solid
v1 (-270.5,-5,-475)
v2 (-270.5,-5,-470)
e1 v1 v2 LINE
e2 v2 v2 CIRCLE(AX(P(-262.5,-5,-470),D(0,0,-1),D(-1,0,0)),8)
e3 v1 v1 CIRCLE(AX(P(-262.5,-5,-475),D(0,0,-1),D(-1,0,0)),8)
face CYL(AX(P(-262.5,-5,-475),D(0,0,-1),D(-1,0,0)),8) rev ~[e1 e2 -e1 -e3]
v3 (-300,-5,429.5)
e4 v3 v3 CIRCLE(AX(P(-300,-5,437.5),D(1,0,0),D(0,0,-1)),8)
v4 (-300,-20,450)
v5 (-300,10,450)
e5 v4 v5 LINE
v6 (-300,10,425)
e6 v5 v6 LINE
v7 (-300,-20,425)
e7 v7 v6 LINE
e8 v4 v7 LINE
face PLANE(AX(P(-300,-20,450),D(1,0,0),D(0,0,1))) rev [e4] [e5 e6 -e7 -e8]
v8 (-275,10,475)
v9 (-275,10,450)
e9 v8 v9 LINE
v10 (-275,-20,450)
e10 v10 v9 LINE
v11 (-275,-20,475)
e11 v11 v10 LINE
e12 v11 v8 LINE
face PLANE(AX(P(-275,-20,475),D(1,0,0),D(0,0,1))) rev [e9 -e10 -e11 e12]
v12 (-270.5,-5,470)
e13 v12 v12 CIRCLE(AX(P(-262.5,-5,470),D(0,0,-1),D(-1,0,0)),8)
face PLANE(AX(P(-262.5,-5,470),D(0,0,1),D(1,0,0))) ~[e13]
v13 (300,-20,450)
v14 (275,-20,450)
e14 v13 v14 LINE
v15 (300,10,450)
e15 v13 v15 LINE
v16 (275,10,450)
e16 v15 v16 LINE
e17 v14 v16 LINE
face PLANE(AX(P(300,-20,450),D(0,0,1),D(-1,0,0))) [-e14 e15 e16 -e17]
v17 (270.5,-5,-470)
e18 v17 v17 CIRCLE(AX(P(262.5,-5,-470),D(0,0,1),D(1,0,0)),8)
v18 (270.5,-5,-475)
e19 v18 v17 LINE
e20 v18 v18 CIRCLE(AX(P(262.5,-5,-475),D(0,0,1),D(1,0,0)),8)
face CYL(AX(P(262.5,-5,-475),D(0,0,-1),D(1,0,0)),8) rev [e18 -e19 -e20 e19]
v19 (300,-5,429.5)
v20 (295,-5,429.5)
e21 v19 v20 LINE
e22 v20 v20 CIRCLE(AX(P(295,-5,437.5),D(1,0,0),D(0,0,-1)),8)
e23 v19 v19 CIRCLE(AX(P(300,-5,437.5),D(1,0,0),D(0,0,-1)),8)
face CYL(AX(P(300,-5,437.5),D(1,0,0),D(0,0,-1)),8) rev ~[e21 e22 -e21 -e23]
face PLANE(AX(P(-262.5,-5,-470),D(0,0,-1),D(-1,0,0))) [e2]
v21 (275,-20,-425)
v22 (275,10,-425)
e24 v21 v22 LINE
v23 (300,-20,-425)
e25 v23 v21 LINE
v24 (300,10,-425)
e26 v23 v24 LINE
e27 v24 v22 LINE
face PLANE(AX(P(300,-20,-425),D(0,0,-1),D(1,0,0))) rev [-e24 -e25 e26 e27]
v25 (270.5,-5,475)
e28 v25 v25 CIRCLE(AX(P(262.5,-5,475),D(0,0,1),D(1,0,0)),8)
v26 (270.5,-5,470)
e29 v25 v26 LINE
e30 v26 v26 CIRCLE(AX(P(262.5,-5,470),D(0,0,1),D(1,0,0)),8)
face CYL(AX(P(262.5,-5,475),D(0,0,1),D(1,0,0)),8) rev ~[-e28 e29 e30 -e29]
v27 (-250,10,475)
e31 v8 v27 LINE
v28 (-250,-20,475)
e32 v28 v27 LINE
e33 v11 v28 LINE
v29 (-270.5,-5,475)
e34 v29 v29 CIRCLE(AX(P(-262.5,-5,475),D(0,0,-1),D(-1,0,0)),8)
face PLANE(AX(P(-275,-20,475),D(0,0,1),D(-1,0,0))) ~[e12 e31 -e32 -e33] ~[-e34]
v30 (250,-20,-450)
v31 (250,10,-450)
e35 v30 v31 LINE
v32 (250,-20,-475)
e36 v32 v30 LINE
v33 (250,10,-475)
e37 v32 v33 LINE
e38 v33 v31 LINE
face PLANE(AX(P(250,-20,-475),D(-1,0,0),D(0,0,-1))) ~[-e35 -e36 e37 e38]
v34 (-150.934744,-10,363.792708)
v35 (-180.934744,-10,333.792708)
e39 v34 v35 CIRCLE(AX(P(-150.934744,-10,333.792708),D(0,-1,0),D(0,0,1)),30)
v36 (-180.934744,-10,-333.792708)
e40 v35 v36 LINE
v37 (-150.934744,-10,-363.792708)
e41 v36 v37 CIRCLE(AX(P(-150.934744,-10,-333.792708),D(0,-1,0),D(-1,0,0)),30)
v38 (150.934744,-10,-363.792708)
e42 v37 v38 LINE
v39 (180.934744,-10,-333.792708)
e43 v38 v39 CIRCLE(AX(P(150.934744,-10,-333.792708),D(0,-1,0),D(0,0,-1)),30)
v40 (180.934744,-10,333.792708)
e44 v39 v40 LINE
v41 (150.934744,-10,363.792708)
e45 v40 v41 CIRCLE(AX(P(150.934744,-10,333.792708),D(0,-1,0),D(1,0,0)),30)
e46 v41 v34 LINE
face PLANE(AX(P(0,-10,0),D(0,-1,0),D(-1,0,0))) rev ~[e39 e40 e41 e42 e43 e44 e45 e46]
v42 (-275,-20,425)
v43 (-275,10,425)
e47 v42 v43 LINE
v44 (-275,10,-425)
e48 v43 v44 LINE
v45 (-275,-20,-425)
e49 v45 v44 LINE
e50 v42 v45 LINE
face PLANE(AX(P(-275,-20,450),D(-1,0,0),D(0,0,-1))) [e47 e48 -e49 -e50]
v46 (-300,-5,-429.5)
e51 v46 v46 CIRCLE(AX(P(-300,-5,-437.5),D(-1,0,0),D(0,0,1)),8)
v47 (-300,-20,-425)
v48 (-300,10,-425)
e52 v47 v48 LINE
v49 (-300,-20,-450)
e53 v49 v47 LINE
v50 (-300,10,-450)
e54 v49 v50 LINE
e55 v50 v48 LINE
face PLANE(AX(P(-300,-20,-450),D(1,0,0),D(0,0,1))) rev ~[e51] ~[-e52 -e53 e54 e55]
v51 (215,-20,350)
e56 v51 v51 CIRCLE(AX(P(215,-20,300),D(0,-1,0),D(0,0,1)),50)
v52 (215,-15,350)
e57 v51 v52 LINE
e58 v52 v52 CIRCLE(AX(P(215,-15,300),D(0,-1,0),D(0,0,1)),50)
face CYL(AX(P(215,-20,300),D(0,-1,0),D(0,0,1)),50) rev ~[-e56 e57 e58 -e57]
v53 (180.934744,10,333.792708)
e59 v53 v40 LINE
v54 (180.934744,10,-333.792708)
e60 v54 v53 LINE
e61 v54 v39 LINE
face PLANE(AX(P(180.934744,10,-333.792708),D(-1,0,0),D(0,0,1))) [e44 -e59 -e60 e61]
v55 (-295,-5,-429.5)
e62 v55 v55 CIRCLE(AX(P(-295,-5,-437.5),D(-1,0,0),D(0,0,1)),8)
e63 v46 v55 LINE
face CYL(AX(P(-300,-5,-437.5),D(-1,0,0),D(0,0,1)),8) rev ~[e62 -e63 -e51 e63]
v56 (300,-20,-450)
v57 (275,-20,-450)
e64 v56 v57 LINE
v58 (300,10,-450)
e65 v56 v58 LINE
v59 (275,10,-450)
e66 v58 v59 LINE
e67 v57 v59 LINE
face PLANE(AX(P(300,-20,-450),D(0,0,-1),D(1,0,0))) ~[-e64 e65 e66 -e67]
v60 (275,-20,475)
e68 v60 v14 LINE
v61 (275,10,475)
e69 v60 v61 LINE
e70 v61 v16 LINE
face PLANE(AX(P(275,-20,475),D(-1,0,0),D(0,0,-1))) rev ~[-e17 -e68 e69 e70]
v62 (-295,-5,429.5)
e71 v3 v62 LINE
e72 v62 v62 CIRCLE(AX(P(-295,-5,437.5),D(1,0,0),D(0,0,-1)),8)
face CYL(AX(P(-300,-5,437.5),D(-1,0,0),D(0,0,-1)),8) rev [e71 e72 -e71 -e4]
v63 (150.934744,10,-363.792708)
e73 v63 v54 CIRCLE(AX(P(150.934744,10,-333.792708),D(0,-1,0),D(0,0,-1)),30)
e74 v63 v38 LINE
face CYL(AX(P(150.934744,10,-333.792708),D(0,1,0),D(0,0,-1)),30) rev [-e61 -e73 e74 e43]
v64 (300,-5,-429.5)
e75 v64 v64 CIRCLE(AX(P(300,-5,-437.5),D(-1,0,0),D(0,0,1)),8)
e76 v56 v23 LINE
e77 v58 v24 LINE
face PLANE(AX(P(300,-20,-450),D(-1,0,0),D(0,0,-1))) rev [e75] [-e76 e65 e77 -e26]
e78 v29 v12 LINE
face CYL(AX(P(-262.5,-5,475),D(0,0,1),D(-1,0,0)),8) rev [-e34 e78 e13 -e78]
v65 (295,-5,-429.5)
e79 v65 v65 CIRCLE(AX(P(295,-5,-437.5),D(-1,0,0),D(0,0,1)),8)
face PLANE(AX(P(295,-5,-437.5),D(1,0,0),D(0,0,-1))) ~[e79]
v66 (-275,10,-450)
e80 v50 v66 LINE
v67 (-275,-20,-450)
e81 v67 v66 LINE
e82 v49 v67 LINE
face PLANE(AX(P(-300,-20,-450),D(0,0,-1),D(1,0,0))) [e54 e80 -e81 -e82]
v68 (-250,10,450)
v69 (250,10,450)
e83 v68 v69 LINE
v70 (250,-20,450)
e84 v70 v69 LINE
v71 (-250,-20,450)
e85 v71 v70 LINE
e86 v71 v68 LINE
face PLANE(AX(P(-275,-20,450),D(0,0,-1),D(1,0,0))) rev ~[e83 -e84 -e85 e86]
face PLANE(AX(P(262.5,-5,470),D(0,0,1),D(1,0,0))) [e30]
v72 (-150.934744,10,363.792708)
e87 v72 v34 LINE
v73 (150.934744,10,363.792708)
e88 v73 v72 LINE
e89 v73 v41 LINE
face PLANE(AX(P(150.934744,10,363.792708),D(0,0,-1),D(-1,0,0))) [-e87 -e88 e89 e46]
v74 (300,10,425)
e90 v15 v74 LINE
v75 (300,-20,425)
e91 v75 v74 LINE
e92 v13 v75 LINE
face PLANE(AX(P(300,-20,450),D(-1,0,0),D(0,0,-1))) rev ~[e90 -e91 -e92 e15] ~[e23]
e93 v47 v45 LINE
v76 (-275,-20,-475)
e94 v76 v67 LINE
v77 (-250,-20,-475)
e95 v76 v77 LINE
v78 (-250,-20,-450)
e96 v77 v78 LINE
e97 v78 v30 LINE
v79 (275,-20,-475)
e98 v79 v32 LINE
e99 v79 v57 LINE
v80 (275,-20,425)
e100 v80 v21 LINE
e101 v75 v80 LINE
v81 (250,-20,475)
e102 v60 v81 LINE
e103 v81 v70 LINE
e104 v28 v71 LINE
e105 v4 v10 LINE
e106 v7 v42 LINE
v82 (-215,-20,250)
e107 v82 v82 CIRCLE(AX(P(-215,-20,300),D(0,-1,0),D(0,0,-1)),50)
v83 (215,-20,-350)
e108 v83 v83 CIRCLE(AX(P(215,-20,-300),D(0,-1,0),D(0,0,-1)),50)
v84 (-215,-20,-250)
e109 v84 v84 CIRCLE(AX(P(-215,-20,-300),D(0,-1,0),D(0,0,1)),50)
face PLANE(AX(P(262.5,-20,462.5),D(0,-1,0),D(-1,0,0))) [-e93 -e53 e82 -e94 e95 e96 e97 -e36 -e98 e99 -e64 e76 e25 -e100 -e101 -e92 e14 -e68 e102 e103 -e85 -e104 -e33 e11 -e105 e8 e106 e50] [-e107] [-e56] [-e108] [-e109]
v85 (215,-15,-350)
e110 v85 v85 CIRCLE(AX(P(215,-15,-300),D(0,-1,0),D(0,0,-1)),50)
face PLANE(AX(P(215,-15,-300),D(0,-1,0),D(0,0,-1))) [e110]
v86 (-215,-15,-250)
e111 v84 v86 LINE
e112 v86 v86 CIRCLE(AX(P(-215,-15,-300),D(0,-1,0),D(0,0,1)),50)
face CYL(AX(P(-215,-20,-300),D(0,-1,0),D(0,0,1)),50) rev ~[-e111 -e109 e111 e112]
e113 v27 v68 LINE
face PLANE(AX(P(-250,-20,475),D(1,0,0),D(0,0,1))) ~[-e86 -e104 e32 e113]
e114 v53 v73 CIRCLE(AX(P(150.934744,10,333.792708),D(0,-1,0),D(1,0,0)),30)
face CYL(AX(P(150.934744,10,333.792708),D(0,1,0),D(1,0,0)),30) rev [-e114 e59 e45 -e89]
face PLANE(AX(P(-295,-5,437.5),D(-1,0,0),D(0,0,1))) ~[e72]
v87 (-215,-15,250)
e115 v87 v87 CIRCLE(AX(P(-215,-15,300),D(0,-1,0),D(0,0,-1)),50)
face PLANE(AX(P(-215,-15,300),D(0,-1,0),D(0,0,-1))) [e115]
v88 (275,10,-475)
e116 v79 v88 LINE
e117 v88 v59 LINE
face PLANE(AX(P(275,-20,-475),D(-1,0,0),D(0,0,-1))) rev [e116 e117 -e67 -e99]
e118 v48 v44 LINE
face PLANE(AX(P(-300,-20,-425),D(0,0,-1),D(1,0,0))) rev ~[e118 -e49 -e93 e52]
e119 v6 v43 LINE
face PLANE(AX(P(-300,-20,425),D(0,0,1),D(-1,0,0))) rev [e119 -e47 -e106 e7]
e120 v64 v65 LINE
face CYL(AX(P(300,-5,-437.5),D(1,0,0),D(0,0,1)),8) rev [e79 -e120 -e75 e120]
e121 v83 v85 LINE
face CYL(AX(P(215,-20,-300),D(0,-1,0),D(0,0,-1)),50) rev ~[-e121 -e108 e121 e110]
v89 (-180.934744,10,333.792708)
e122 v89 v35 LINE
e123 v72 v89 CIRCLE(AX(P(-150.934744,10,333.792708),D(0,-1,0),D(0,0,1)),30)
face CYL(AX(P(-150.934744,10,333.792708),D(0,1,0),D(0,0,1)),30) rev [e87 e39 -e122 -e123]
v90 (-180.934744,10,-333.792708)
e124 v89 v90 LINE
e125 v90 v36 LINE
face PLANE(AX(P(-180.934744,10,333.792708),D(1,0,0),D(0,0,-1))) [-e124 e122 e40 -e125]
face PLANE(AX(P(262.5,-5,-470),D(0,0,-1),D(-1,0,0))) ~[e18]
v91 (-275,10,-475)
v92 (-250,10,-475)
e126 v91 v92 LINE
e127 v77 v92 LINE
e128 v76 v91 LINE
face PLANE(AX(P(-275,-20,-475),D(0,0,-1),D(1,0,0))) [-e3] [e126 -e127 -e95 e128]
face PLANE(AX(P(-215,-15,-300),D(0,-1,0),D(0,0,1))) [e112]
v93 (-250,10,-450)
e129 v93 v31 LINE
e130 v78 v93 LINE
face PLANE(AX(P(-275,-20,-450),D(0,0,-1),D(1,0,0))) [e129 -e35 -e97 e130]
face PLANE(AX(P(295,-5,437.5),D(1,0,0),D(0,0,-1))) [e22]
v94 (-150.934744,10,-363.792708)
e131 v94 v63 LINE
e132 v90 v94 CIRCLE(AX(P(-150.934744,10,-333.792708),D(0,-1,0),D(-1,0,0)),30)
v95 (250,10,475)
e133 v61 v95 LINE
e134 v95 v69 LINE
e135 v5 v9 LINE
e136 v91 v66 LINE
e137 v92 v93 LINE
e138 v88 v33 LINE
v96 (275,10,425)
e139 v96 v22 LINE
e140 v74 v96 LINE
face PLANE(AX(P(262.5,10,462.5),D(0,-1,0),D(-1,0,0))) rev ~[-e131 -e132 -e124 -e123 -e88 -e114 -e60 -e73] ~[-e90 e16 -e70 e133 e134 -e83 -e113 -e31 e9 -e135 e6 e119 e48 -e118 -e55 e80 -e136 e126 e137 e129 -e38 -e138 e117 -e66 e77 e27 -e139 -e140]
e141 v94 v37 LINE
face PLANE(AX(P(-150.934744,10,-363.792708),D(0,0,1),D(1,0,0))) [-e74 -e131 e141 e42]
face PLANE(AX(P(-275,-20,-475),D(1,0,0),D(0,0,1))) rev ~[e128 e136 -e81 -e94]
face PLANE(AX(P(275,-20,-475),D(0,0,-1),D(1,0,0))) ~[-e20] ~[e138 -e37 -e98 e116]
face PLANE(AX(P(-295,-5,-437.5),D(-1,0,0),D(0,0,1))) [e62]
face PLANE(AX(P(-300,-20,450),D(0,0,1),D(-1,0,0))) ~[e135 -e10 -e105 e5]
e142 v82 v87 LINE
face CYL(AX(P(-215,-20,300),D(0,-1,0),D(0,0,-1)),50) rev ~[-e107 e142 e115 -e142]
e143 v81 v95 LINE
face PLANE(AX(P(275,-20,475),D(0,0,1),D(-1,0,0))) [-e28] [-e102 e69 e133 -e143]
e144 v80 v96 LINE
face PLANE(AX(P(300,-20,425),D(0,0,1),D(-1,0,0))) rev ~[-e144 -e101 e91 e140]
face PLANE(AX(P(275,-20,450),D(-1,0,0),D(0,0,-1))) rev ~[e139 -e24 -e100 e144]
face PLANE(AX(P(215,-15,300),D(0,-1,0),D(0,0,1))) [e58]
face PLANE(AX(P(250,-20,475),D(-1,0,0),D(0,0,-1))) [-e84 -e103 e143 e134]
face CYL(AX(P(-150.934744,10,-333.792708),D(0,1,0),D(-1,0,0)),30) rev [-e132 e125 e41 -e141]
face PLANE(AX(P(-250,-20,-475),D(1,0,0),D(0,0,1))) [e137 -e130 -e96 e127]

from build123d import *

# Parameters (mm, degrees)
EXTRUDE_1_DEPTH          = 10
EXTRUDE_1_DEPTH_BACK     = 20
SKETCH_1_W               = 550
SKETCH_1_H               = 900
CUT_EXTRUDE_4_DEPTH      = 20
SKETCH_7_R               = 50
CUT_EXTRUDE_5_DEPTH      = 5
SKETCH_8_W               = 25
SKETCH_8_H               = 25
EXTRUDE_2_DEPTH          = 30
SKETCH_9_R               = 8
CUT_EXTRUDE_6_DEPTH      = 5
SKETCH_10_R              = 8
CUT_EXTRUDE_7_DEPTH      = 5
MIRROR_2_COPY_1_SKETCH_W = 25
MIRROR_2_COPY_1_SKETCH_H = 25
MIRROR_2_COPY_1_DEPTH    = 30
MIRROR_2_COPY_2_SKETCH_R = 8
MIRROR_2_COPY_2_DEPTH    = 5
MIRROR_2_COPY_3_SKETCH_R = 8
MIRROR_2_COPY_3_DEPTH    = 5


with BuildPart() as part:
    # 草图1 → 凸台-拉伸1 (new, two sides: drawn at the far end of the back side and taken through both)
    with BuildSketch(Plane(origin=(0, 0, 0), x_dir=(1, 0, 0), z_dir=(0, 1, 0)).offset(-EXTRUDE_1_DEPTH_BACK)):
        Rectangle(SKETCH_1_W, SKETCH_1_H)
    extrude(amount=EXTRUDE_1_DEPTH + EXTRUDE_1_DEPTH_BACK)

    # 草图6 → 切除-拉伸4 (cut)
    with BuildSketch(Plane(origin=(0, 10, 0), x_dir=(1, 0, 0), z_dir=(0, 1, 0))):
        with BuildLine():
            Line((-150.934743828, 363.792707869), (150.934743828, 363.792707869))
            ThreePointArc((150.934743828, 363.792707869), (172.147947264, 355.005911305), (180.934743828, 333.792707869))
            Line((180.934743828, 333.792707869), (180.934743828, -333.792707869))
            ThreePointArc((180.934743828, -333.792707869), (172.147947264, -355.005911305), (150.934743828, -363.792707869))
            Line((150.934743828, -363.792707869), (-150.934743828, -363.792707869))
            ThreePointArc((-150.934743828, -363.792707869), (-172.147947264, -355.005911305), (-180.934743828, -333.792707869))
            Line((-180.934743828, -333.792707869), (-180.934743828, 333.792707869))
            ThreePointArc((-180.934743828, 333.792707869), (-172.147947264, 355.005911305), (-150.934743828, 363.792707869))
        make_face()
    extrude(amount=-CUT_EXTRUDE_4_DEPTH, mode=Mode.SUBTRACT)

    # 草图7 → 切除-拉伸5 (cut)
    with BuildSketch(Plane.XZ.offset(20)):
        with Locations(Location((-215, 300, 0), (0, 0, 270))):
            Circle(SKETCH_7_R)
        with Locations(Location((-215, -300, 0), (0, 0, 90))):
            Circle(SKETCH_7_R)
        with Locations(Location((215, -300, 0), (0, 0, 270))):
            Circle(SKETCH_7_R)
        with Locations(Location((215, 300, 0), (0, 0, 90))):
            Circle(SKETCH_7_R)
    extrude(amount=-CUT_EXTRUDE_5_DEPTH, mode=Mode.SUBTRACT)

    # 草图8 → 凸台-拉伸2 (add)
    with BuildSketch(Plane.XZ.offset(20)):
        with Locations((-262.5, -462.5)):
            Rectangle(SKETCH_8_W, SKETCH_8_H)
        with Locations((-287.5, -437.5)):
            Rectangle(SKETCH_8_W, SKETCH_8_H)
    extrude_2 = extrude(amount=-EXTRUDE_2_DEPTH)

    # 草图9 → 切除-拉伸6 (cut)
    with BuildSketch(Plane.ZY.offset(300)):
        with Locations((-437.5, -5)):
            Circle(SKETCH_9_R)
    cut_extrude_6 = extrude(amount=-CUT_EXTRUDE_6_DEPTH, mode=Mode.SUBTRACT)

    # 草图10 → 切除-拉伸7 (cut)
    with BuildSketch(Plane(origin=(0, 0, -475), x_dir=(-1, 0, 0), z_dir=(0, 0, -1))):
        with Locations((262.5, -5)):
            Circle(SKETCH_10_R)
    cut_extrude_7 = extrude(amount=-CUT_EXTRUDE_7_DEPTH, mode=Mode.SUBTRACT)

    # 镜向1: 凸台-拉伸2, 切除-拉伸6, 切除-拉伸7 across plane
    add(extrude_2.mirror(Plane(origin=(0, 0, 0), x_dir=(0, 0, 1), z_dir=(1, 0, 0))))
    add(cut_extrude_6.mirror(Plane(origin=(0, 0, 0), x_dir=(0, 0, 1), z_dir=(1, 0, 0))), mode=Mode.SUBTRACT)
    add(cut_extrude_7.mirror(Plane(origin=(0, 0, 0), x_dir=(0, 0, 1), z_dir=(1, 0, 0))), mode=Mode.SUBTRACT)

    # 镜向2: 凸台-拉伸2, 切除-拉伸6, 切除-拉伸7 across plane
    add(extrude_2.mirror(Plane.XY))
    add(cut_extrude_6.mirror(Plane.XY), mode=Mode.SUBTRACT)
    add(cut_extrude_7.mirror(Plane.XY), mode=Mode.SUBTRACT)

    # 镜向2 copy 1 sketch → 镜向2 copy 1 (add)
    with BuildSketch(Plane(origin=(0, -20, 0), x_dir=(-1, 0, 0), z_dir=(0, -1, 0))):
        with Locations((-262.5, -462.5)):
            Rectangle(MIRROR_2_COPY_1_SKETCH_W, MIRROR_2_COPY_1_SKETCH_H)
        with Locations((-287.5, -437.5)):
            Rectangle(MIRROR_2_COPY_1_SKETCH_W, MIRROR_2_COPY_1_SKETCH_H)
    extrude(amount=-MIRROR_2_COPY_1_DEPTH)

    # 镜向2 copy 2 sketch → 镜向2 copy 2 (cut)
    with BuildSketch(Plane(origin=(300, 0, 0), x_dir=(0, 0, -1), z_dir=(1, 0, 0))):
        with Locations((-437.5, -5)):
            Circle(MIRROR_2_COPY_2_SKETCH_R)
    extrude(amount=-MIRROR_2_COPY_2_DEPTH, mode=Mode.SUBTRACT)

    # 镜向2 copy 3 sketch → 镜向2 copy 3 (cut)
    with BuildSketch(Plane.XY.offset(475)):
        with Locations((262.5, -5)):
            Circle(MIRROR_2_COPY_3_SKETCH_R)
    extrude(amount=-MIRROR_2_COPY_3_DEPTH, mode=Mode.SUBTRACT)


solid = part.part
